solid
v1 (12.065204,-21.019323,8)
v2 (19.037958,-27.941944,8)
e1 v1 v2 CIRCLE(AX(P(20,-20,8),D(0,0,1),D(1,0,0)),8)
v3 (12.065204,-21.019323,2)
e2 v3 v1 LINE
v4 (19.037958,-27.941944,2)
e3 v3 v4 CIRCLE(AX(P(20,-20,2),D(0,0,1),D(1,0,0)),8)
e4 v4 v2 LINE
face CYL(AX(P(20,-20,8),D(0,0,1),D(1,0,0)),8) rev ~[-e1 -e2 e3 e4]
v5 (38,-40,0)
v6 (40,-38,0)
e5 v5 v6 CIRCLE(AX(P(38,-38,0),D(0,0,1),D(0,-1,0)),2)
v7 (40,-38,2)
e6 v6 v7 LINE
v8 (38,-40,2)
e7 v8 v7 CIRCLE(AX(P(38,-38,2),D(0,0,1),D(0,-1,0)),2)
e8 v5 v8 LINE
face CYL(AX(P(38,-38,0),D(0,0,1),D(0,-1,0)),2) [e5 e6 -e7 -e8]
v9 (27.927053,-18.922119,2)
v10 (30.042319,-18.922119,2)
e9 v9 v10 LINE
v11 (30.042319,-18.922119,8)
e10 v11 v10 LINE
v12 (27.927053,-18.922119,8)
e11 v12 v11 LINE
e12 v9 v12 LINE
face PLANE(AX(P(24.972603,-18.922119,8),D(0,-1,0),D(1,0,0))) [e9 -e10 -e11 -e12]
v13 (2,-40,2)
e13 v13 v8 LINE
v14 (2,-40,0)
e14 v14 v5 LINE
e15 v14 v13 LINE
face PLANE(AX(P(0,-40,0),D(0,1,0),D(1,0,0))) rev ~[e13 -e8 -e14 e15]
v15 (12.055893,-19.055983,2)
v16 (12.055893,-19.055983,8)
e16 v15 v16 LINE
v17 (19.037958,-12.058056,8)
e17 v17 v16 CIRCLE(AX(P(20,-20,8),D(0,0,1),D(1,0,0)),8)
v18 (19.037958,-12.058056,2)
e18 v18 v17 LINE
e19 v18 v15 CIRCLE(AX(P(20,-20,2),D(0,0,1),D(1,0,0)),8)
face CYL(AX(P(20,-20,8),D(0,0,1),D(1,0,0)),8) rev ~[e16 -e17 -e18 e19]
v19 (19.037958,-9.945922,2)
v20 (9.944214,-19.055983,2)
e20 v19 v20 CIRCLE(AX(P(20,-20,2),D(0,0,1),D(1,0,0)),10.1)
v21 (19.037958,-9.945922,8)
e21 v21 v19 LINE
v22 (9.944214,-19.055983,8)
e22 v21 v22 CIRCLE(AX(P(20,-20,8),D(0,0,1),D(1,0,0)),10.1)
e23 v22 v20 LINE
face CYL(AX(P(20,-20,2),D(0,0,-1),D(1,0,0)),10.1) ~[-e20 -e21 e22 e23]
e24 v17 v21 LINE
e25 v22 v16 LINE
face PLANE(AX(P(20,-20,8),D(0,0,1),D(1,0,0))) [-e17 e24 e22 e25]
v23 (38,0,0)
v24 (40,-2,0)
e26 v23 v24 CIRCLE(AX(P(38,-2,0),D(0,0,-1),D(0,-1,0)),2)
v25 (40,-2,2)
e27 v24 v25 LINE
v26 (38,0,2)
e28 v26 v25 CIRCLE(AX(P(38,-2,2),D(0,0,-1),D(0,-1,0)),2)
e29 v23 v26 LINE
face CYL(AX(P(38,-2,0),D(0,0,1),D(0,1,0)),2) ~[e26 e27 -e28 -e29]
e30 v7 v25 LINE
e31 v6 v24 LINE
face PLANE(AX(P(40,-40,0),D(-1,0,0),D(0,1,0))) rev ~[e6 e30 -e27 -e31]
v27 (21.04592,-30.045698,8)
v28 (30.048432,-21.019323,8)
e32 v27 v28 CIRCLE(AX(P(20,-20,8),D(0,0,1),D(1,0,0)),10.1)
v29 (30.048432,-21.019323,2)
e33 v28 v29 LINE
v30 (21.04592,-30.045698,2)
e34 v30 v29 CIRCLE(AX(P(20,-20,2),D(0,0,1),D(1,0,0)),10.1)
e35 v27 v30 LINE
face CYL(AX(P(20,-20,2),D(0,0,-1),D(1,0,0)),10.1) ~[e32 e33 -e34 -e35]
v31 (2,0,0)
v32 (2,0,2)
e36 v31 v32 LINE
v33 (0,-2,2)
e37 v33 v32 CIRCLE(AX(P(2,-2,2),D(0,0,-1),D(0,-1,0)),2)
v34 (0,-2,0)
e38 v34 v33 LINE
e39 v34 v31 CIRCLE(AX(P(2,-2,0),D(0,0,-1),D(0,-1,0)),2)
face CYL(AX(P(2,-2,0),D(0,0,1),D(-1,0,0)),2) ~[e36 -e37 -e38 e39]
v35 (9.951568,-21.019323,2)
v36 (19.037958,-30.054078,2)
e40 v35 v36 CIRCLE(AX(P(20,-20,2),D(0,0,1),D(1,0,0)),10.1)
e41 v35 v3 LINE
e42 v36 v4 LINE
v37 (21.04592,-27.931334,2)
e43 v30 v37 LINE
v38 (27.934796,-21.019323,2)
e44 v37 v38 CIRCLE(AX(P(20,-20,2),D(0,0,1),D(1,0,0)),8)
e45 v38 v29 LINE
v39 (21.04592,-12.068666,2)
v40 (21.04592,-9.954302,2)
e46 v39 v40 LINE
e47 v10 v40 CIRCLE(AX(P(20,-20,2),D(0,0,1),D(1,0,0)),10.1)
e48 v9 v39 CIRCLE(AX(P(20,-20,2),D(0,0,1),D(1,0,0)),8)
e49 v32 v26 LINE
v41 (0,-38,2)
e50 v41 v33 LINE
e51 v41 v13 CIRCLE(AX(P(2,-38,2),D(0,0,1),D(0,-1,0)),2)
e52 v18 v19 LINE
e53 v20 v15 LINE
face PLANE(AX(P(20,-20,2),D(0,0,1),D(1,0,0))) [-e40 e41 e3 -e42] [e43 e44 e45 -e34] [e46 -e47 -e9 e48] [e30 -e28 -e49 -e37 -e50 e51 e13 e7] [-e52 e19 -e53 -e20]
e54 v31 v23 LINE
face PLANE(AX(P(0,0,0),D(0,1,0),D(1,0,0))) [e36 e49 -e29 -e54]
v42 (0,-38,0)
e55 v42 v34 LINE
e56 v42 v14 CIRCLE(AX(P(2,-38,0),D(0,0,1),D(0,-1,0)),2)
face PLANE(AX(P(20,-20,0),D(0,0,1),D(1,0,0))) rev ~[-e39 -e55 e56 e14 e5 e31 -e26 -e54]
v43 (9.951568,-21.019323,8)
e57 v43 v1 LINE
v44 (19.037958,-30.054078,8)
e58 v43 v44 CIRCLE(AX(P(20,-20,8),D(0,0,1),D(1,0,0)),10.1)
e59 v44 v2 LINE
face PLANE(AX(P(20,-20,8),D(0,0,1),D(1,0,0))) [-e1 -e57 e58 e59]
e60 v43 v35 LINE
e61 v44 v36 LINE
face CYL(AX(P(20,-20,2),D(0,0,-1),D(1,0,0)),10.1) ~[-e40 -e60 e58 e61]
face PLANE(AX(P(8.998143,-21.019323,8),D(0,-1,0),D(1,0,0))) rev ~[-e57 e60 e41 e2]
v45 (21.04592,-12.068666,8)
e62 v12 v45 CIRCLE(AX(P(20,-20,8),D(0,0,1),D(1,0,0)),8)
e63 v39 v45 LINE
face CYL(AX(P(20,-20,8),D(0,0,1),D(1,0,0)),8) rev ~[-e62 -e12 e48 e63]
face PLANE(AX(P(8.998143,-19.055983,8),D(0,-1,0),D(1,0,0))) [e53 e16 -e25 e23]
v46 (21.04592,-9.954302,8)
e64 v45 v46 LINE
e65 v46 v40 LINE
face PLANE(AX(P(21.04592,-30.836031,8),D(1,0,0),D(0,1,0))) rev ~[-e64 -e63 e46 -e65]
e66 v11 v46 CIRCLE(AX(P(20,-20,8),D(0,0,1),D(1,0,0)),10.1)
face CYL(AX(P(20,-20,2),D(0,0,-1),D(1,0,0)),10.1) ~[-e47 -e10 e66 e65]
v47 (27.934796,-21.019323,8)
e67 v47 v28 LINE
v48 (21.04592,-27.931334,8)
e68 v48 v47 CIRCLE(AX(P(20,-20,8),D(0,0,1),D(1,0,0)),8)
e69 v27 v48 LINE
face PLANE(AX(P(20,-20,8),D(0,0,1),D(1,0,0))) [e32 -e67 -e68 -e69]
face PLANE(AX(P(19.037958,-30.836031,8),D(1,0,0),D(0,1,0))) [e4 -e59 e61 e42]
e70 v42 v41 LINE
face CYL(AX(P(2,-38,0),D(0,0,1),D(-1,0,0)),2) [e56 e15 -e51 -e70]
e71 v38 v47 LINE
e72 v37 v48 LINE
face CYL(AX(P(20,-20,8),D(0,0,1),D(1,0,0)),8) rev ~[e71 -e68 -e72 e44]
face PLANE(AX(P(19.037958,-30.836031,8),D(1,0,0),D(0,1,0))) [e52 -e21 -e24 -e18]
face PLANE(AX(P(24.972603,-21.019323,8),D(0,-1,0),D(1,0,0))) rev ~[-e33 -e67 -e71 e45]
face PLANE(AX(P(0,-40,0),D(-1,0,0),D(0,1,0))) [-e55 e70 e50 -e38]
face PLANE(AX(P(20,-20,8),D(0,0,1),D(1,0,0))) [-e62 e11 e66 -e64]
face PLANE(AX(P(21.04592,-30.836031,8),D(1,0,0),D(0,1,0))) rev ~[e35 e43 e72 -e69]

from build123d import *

# Parameters (mm, degrees)
SKETCH_W        = 40
SKETCH_H        = 40
PAD_DEPTH       = 2
SKETCH001_R     = 10.1
PAD001_DEPTH    = 6
SKETCH002_R     = 8
POCKET_DEPTH    = 6
SKETCH003_W     = 2.007961
SKETCH003_H     = 21.864484
SKETCH003_W_2   = 7.094803
SKETCH003_H_2   = 2.097204
SKETCH003_W_3   = 6.916317
SKETCH003_H_3   = 1.96334
POCKET001_DEPTH = 6
FILLET_R        = 2


with BuildPart() as part:
    # Sketch → Pad (new body)
    with BuildSketch(Plane.XY):
        with Locations((20, -20)):
            Rectangle(SKETCH_W, SKETCH_H)
    extrude(amount=PAD_DEPTH)

    # Sketch001 (on Face6 of Pad) → Pad001 (join)
    with BuildSketch(Plane.XY.offset(2)):
        with Locations((20, -20)):
            Circle(SKETCH001_R)
    extrude(amount=PAD001_DEPTH)

    # Sketch002 (on Face8 of Pad001) → Pocket (cut)
    with BuildSketch(Plane.XY.offset(8)):
        with Locations((20, -20)):
            Circle(SKETCH002_R)
    extrude(amount=-POCKET_DEPTH, mode=Mode.SUBTRACT)

    # Sketch003 (on Face8 of Pocket) → Pocket001 (cut)
    with BuildSketch(Plane.XY.offset(8)):
        with Locations((20.041939, -19.903789)):
            Rectangle(SKETCH003_W, SKETCH003_H)
        with Locations((28.520004, -19.970721)):
            Rectangle(SKETCH003_W_2, SKETCH003_H_2)
        with Locations((12.456301, -20.037653)):
            Rectangle(SKETCH003_W_3, SKETCH003_H_3)
    extrude(amount=-POCKET001_DEPTH, mode=Mode.SUBTRACT)

    # Fillet
    fillet_edges = [part.edges().sort_by_distance(p)[0] for p in [
        (40, -40, 1),
        (40, 0, 1),
        (0, -40, 1),
        (0, 0, 1),
    ]]
    fillet(fillet_edges, radius=FILLET_R)


solid = part.part
